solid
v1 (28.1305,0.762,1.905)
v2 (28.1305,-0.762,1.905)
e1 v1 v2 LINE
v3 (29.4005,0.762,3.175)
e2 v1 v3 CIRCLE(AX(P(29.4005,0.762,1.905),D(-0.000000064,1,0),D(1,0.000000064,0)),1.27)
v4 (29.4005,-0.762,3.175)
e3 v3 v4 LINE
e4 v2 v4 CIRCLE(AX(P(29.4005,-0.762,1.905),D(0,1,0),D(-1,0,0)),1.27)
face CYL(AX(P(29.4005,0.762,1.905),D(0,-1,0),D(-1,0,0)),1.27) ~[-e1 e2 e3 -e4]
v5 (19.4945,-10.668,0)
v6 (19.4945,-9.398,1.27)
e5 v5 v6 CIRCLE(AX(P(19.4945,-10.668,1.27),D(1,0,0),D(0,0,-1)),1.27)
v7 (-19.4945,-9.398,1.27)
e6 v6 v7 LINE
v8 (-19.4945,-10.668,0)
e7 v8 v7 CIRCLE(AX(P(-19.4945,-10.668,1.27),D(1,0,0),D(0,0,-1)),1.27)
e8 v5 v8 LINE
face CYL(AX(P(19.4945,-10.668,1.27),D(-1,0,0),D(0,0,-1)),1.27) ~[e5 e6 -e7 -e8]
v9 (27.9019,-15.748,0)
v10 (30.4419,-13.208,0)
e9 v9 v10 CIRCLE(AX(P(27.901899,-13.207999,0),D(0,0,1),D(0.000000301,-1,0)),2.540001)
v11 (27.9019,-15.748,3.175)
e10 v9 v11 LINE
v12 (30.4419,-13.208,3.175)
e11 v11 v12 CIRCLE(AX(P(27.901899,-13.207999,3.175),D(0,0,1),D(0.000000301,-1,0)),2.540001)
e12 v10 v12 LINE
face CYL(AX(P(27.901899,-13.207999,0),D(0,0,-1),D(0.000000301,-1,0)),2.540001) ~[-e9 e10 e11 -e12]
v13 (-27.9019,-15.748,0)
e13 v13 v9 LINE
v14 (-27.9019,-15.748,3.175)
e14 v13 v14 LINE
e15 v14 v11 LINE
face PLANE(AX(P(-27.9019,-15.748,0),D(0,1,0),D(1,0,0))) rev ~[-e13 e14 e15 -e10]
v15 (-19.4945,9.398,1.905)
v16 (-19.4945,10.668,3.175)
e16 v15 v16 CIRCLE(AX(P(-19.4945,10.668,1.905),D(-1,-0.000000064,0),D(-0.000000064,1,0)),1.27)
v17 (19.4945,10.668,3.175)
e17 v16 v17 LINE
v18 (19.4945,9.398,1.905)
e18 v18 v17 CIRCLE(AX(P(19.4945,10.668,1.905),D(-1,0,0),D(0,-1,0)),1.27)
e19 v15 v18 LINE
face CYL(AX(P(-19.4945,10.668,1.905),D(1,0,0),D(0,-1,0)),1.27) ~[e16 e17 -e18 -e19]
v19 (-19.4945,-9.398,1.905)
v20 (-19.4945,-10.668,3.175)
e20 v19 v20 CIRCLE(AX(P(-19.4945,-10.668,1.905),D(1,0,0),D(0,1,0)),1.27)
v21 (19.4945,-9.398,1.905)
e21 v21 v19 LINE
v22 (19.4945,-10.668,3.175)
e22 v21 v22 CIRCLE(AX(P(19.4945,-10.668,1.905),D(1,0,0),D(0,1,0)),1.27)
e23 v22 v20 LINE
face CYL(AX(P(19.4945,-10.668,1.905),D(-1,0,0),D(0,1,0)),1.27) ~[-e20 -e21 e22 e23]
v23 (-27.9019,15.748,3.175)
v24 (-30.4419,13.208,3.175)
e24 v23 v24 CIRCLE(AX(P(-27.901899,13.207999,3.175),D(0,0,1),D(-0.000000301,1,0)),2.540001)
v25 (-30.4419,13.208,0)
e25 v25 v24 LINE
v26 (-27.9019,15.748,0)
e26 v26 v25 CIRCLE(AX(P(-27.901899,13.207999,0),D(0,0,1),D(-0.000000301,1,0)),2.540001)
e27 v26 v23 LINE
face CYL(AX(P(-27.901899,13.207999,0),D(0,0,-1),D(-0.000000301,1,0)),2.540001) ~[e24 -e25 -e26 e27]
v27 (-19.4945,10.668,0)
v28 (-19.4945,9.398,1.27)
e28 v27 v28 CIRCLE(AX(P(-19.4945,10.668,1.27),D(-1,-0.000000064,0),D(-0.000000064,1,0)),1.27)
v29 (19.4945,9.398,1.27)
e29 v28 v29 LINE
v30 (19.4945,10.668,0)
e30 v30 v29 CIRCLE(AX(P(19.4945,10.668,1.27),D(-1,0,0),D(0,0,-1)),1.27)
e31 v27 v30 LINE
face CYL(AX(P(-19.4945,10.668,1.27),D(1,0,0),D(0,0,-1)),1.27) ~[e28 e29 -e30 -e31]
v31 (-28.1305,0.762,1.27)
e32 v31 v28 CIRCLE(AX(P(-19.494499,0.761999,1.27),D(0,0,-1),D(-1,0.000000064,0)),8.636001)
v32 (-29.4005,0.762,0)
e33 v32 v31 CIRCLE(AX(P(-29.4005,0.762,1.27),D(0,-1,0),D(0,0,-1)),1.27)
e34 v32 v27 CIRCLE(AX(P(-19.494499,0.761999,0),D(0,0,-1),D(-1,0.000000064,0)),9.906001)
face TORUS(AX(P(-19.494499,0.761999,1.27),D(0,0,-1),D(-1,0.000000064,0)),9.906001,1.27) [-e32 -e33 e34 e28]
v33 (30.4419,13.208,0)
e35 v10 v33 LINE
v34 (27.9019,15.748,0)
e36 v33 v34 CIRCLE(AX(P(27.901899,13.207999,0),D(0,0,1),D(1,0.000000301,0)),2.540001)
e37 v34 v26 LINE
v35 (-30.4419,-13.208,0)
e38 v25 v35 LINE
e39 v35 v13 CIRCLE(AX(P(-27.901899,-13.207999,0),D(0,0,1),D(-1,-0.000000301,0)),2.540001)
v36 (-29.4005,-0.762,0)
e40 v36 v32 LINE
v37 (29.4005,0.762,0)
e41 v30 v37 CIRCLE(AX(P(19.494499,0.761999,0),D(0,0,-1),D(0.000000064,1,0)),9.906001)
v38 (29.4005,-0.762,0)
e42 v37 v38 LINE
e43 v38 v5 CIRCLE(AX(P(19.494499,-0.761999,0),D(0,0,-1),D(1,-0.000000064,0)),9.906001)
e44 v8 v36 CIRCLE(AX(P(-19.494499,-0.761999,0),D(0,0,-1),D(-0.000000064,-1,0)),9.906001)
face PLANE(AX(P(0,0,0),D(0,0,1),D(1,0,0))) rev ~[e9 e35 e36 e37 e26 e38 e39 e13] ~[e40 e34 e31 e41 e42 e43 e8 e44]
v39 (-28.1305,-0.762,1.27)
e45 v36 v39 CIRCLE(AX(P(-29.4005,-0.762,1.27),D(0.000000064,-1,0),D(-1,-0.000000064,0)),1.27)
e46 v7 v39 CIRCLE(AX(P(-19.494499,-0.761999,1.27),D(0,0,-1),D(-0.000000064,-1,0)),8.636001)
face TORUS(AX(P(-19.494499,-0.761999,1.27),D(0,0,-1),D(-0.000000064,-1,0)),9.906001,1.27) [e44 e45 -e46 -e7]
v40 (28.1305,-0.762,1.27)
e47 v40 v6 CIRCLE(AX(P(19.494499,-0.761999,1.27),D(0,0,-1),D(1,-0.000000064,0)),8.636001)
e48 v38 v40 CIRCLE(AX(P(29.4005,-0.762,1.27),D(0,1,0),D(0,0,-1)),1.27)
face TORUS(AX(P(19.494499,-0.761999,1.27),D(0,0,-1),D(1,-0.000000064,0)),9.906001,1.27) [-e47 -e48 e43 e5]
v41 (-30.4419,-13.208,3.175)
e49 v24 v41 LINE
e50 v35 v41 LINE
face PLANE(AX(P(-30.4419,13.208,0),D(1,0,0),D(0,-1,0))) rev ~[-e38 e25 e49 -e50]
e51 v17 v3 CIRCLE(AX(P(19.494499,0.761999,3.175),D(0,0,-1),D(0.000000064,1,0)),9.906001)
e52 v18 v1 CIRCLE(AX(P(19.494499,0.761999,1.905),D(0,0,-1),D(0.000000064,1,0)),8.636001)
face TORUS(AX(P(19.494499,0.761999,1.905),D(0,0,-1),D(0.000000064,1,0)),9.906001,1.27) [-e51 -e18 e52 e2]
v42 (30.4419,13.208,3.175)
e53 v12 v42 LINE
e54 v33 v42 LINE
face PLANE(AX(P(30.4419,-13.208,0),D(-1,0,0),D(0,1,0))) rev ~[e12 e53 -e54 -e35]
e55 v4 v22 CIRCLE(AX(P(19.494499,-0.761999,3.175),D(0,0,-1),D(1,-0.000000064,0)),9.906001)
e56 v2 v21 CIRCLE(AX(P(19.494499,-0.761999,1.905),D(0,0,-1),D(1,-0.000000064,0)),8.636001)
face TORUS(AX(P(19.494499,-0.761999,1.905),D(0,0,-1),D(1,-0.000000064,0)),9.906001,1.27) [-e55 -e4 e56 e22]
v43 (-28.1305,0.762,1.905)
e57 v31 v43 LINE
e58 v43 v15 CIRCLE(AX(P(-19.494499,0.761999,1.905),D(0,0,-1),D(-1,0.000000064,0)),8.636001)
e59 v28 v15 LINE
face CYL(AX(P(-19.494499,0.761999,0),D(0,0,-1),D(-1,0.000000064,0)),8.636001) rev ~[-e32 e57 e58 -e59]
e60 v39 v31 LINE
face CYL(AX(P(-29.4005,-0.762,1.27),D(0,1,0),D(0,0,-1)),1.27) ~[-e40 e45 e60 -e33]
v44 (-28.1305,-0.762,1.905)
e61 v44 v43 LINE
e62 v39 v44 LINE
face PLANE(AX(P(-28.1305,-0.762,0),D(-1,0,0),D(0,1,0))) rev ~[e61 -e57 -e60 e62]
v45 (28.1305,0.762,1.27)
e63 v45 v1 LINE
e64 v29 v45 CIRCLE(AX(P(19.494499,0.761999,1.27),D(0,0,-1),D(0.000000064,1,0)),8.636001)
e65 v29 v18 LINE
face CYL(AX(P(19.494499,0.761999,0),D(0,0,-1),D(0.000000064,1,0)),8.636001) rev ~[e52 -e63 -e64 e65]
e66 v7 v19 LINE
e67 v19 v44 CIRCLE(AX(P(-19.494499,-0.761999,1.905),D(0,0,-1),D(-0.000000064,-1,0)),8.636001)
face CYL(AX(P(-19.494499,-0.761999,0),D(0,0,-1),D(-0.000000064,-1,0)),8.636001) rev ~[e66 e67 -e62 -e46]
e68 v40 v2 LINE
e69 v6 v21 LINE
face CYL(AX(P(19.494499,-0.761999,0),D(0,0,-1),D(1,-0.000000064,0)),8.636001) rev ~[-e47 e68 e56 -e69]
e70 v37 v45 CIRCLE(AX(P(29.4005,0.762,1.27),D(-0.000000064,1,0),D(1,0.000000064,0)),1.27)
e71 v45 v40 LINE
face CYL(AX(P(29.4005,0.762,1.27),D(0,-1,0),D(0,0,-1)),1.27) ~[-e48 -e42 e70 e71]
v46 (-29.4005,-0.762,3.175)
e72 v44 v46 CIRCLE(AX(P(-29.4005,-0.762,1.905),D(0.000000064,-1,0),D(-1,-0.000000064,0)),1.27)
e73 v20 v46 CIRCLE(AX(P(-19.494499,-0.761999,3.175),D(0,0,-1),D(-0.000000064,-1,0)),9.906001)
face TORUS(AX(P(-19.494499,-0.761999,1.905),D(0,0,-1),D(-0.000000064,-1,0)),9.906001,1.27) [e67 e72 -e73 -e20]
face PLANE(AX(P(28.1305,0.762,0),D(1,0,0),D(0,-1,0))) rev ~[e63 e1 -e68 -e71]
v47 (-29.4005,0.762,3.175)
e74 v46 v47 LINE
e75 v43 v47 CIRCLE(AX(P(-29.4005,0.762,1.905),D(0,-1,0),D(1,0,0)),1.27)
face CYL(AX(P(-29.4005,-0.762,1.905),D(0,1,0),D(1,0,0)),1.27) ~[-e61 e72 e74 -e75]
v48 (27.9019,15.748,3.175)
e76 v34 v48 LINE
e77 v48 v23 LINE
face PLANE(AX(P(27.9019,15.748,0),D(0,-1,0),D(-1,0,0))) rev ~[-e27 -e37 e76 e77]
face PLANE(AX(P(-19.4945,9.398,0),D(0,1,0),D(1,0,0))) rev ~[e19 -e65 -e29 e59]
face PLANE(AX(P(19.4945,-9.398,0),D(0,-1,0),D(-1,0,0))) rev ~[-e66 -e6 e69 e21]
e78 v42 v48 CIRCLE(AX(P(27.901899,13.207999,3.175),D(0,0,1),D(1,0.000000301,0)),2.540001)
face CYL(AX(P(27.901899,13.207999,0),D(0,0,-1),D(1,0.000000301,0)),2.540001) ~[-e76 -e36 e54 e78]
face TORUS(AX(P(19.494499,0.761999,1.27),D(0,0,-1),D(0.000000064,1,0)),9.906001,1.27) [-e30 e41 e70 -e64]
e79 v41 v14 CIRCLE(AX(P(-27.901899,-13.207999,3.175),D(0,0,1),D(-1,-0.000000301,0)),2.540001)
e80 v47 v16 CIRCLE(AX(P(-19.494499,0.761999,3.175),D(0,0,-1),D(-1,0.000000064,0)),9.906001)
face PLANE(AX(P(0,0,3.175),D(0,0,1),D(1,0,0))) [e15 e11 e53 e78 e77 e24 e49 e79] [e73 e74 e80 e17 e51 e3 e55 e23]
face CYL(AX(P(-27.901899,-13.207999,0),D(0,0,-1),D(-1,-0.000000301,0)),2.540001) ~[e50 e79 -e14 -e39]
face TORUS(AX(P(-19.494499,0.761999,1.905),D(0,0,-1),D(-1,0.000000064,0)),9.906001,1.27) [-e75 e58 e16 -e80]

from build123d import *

# Parameters (mm, degrees)
F1_DEPTH = 3.175
F2_R     = 1.27
F3_R     = 1.27


with BuildPart() as f1:
    # F0 (on Top) → F1 (new body)
    with BuildSketch(Plane.XY):
        with BuildLine():
            ThreePointArc((30.4419, 13.208), (29.697951, 15.004051), (27.9019, 15.748))
            Line((27.9019, 15.748), (-27.9019, 15.748))
            ThreePointArc((-27.9019, 15.748), (-29.697951, 15.004051), (-30.4419, 13.208))
            Line((-30.4419, 13.208), (-30.4419, -13.208))
            ThreePointArc((-30.4419, -13.208), (-29.697951, -15.004051), (-27.9019, -15.748))
            Line((-27.9019, -15.748), (27.9019, -15.748))
            ThreePointArc((27.9019, -15.748), (29.697951, -15.004051), (30.4419, -13.208))
            Line((30.4419, -13.208), (30.4419, 13.208))
        make_face()
        with BuildLine():
            ThreePointArc((28.1305, -0.762), (25.601074, -6.868574), (19.4945, -9.398))
            Line((19.4945, -9.398), (-19.4945, -9.398))
            ThreePointArc((-19.4945, -9.398), (-25.601074, -6.868574), (-28.1305, -0.762))
            Line((-28.1305, -0.762), (-28.1305, 0.762))
            ThreePointArc((-28.1305, 0.762), (-25.601074, 6.868574), (-19.4945, 9.398))
            Line((-19.4945, 9.398), (19.4945, 9.398))
            ThreePointArc((19.4945, 9.398), (25.601074, 6.868574), (28.1305, 0.762))
            Line((28.1305, 0.762), (28.1305, -0.762))
        make_face(mode=Mode.SUBTRACT)
    extrude(amount=F1_DEPTH)

    # F2
    f2_edges = [f1.edges().sort_by_distance(p)[0] for p in [
        (0, -9.398, 3.175),
    ]]
    fillet(f2_edges, radius=F2_R)

    # F3
    f3_edges = [f1.edges().sort_by_distance(p)[0] for p in [
        (0, -9.398, 0),
        (25.601074, -6.868574, 0),
        (-25.601074, -6.868574, 0),
        (-25.601074, 6.868574, 0),
        (0, 9.398, 0),
        (25.601074, 6.868574, 0),
        (28.1305, 0, 0),
        (-28.1305, 0, 0),
    ]]
    fillet(f3_edges, radius=F3_R)


solid = f1.part
